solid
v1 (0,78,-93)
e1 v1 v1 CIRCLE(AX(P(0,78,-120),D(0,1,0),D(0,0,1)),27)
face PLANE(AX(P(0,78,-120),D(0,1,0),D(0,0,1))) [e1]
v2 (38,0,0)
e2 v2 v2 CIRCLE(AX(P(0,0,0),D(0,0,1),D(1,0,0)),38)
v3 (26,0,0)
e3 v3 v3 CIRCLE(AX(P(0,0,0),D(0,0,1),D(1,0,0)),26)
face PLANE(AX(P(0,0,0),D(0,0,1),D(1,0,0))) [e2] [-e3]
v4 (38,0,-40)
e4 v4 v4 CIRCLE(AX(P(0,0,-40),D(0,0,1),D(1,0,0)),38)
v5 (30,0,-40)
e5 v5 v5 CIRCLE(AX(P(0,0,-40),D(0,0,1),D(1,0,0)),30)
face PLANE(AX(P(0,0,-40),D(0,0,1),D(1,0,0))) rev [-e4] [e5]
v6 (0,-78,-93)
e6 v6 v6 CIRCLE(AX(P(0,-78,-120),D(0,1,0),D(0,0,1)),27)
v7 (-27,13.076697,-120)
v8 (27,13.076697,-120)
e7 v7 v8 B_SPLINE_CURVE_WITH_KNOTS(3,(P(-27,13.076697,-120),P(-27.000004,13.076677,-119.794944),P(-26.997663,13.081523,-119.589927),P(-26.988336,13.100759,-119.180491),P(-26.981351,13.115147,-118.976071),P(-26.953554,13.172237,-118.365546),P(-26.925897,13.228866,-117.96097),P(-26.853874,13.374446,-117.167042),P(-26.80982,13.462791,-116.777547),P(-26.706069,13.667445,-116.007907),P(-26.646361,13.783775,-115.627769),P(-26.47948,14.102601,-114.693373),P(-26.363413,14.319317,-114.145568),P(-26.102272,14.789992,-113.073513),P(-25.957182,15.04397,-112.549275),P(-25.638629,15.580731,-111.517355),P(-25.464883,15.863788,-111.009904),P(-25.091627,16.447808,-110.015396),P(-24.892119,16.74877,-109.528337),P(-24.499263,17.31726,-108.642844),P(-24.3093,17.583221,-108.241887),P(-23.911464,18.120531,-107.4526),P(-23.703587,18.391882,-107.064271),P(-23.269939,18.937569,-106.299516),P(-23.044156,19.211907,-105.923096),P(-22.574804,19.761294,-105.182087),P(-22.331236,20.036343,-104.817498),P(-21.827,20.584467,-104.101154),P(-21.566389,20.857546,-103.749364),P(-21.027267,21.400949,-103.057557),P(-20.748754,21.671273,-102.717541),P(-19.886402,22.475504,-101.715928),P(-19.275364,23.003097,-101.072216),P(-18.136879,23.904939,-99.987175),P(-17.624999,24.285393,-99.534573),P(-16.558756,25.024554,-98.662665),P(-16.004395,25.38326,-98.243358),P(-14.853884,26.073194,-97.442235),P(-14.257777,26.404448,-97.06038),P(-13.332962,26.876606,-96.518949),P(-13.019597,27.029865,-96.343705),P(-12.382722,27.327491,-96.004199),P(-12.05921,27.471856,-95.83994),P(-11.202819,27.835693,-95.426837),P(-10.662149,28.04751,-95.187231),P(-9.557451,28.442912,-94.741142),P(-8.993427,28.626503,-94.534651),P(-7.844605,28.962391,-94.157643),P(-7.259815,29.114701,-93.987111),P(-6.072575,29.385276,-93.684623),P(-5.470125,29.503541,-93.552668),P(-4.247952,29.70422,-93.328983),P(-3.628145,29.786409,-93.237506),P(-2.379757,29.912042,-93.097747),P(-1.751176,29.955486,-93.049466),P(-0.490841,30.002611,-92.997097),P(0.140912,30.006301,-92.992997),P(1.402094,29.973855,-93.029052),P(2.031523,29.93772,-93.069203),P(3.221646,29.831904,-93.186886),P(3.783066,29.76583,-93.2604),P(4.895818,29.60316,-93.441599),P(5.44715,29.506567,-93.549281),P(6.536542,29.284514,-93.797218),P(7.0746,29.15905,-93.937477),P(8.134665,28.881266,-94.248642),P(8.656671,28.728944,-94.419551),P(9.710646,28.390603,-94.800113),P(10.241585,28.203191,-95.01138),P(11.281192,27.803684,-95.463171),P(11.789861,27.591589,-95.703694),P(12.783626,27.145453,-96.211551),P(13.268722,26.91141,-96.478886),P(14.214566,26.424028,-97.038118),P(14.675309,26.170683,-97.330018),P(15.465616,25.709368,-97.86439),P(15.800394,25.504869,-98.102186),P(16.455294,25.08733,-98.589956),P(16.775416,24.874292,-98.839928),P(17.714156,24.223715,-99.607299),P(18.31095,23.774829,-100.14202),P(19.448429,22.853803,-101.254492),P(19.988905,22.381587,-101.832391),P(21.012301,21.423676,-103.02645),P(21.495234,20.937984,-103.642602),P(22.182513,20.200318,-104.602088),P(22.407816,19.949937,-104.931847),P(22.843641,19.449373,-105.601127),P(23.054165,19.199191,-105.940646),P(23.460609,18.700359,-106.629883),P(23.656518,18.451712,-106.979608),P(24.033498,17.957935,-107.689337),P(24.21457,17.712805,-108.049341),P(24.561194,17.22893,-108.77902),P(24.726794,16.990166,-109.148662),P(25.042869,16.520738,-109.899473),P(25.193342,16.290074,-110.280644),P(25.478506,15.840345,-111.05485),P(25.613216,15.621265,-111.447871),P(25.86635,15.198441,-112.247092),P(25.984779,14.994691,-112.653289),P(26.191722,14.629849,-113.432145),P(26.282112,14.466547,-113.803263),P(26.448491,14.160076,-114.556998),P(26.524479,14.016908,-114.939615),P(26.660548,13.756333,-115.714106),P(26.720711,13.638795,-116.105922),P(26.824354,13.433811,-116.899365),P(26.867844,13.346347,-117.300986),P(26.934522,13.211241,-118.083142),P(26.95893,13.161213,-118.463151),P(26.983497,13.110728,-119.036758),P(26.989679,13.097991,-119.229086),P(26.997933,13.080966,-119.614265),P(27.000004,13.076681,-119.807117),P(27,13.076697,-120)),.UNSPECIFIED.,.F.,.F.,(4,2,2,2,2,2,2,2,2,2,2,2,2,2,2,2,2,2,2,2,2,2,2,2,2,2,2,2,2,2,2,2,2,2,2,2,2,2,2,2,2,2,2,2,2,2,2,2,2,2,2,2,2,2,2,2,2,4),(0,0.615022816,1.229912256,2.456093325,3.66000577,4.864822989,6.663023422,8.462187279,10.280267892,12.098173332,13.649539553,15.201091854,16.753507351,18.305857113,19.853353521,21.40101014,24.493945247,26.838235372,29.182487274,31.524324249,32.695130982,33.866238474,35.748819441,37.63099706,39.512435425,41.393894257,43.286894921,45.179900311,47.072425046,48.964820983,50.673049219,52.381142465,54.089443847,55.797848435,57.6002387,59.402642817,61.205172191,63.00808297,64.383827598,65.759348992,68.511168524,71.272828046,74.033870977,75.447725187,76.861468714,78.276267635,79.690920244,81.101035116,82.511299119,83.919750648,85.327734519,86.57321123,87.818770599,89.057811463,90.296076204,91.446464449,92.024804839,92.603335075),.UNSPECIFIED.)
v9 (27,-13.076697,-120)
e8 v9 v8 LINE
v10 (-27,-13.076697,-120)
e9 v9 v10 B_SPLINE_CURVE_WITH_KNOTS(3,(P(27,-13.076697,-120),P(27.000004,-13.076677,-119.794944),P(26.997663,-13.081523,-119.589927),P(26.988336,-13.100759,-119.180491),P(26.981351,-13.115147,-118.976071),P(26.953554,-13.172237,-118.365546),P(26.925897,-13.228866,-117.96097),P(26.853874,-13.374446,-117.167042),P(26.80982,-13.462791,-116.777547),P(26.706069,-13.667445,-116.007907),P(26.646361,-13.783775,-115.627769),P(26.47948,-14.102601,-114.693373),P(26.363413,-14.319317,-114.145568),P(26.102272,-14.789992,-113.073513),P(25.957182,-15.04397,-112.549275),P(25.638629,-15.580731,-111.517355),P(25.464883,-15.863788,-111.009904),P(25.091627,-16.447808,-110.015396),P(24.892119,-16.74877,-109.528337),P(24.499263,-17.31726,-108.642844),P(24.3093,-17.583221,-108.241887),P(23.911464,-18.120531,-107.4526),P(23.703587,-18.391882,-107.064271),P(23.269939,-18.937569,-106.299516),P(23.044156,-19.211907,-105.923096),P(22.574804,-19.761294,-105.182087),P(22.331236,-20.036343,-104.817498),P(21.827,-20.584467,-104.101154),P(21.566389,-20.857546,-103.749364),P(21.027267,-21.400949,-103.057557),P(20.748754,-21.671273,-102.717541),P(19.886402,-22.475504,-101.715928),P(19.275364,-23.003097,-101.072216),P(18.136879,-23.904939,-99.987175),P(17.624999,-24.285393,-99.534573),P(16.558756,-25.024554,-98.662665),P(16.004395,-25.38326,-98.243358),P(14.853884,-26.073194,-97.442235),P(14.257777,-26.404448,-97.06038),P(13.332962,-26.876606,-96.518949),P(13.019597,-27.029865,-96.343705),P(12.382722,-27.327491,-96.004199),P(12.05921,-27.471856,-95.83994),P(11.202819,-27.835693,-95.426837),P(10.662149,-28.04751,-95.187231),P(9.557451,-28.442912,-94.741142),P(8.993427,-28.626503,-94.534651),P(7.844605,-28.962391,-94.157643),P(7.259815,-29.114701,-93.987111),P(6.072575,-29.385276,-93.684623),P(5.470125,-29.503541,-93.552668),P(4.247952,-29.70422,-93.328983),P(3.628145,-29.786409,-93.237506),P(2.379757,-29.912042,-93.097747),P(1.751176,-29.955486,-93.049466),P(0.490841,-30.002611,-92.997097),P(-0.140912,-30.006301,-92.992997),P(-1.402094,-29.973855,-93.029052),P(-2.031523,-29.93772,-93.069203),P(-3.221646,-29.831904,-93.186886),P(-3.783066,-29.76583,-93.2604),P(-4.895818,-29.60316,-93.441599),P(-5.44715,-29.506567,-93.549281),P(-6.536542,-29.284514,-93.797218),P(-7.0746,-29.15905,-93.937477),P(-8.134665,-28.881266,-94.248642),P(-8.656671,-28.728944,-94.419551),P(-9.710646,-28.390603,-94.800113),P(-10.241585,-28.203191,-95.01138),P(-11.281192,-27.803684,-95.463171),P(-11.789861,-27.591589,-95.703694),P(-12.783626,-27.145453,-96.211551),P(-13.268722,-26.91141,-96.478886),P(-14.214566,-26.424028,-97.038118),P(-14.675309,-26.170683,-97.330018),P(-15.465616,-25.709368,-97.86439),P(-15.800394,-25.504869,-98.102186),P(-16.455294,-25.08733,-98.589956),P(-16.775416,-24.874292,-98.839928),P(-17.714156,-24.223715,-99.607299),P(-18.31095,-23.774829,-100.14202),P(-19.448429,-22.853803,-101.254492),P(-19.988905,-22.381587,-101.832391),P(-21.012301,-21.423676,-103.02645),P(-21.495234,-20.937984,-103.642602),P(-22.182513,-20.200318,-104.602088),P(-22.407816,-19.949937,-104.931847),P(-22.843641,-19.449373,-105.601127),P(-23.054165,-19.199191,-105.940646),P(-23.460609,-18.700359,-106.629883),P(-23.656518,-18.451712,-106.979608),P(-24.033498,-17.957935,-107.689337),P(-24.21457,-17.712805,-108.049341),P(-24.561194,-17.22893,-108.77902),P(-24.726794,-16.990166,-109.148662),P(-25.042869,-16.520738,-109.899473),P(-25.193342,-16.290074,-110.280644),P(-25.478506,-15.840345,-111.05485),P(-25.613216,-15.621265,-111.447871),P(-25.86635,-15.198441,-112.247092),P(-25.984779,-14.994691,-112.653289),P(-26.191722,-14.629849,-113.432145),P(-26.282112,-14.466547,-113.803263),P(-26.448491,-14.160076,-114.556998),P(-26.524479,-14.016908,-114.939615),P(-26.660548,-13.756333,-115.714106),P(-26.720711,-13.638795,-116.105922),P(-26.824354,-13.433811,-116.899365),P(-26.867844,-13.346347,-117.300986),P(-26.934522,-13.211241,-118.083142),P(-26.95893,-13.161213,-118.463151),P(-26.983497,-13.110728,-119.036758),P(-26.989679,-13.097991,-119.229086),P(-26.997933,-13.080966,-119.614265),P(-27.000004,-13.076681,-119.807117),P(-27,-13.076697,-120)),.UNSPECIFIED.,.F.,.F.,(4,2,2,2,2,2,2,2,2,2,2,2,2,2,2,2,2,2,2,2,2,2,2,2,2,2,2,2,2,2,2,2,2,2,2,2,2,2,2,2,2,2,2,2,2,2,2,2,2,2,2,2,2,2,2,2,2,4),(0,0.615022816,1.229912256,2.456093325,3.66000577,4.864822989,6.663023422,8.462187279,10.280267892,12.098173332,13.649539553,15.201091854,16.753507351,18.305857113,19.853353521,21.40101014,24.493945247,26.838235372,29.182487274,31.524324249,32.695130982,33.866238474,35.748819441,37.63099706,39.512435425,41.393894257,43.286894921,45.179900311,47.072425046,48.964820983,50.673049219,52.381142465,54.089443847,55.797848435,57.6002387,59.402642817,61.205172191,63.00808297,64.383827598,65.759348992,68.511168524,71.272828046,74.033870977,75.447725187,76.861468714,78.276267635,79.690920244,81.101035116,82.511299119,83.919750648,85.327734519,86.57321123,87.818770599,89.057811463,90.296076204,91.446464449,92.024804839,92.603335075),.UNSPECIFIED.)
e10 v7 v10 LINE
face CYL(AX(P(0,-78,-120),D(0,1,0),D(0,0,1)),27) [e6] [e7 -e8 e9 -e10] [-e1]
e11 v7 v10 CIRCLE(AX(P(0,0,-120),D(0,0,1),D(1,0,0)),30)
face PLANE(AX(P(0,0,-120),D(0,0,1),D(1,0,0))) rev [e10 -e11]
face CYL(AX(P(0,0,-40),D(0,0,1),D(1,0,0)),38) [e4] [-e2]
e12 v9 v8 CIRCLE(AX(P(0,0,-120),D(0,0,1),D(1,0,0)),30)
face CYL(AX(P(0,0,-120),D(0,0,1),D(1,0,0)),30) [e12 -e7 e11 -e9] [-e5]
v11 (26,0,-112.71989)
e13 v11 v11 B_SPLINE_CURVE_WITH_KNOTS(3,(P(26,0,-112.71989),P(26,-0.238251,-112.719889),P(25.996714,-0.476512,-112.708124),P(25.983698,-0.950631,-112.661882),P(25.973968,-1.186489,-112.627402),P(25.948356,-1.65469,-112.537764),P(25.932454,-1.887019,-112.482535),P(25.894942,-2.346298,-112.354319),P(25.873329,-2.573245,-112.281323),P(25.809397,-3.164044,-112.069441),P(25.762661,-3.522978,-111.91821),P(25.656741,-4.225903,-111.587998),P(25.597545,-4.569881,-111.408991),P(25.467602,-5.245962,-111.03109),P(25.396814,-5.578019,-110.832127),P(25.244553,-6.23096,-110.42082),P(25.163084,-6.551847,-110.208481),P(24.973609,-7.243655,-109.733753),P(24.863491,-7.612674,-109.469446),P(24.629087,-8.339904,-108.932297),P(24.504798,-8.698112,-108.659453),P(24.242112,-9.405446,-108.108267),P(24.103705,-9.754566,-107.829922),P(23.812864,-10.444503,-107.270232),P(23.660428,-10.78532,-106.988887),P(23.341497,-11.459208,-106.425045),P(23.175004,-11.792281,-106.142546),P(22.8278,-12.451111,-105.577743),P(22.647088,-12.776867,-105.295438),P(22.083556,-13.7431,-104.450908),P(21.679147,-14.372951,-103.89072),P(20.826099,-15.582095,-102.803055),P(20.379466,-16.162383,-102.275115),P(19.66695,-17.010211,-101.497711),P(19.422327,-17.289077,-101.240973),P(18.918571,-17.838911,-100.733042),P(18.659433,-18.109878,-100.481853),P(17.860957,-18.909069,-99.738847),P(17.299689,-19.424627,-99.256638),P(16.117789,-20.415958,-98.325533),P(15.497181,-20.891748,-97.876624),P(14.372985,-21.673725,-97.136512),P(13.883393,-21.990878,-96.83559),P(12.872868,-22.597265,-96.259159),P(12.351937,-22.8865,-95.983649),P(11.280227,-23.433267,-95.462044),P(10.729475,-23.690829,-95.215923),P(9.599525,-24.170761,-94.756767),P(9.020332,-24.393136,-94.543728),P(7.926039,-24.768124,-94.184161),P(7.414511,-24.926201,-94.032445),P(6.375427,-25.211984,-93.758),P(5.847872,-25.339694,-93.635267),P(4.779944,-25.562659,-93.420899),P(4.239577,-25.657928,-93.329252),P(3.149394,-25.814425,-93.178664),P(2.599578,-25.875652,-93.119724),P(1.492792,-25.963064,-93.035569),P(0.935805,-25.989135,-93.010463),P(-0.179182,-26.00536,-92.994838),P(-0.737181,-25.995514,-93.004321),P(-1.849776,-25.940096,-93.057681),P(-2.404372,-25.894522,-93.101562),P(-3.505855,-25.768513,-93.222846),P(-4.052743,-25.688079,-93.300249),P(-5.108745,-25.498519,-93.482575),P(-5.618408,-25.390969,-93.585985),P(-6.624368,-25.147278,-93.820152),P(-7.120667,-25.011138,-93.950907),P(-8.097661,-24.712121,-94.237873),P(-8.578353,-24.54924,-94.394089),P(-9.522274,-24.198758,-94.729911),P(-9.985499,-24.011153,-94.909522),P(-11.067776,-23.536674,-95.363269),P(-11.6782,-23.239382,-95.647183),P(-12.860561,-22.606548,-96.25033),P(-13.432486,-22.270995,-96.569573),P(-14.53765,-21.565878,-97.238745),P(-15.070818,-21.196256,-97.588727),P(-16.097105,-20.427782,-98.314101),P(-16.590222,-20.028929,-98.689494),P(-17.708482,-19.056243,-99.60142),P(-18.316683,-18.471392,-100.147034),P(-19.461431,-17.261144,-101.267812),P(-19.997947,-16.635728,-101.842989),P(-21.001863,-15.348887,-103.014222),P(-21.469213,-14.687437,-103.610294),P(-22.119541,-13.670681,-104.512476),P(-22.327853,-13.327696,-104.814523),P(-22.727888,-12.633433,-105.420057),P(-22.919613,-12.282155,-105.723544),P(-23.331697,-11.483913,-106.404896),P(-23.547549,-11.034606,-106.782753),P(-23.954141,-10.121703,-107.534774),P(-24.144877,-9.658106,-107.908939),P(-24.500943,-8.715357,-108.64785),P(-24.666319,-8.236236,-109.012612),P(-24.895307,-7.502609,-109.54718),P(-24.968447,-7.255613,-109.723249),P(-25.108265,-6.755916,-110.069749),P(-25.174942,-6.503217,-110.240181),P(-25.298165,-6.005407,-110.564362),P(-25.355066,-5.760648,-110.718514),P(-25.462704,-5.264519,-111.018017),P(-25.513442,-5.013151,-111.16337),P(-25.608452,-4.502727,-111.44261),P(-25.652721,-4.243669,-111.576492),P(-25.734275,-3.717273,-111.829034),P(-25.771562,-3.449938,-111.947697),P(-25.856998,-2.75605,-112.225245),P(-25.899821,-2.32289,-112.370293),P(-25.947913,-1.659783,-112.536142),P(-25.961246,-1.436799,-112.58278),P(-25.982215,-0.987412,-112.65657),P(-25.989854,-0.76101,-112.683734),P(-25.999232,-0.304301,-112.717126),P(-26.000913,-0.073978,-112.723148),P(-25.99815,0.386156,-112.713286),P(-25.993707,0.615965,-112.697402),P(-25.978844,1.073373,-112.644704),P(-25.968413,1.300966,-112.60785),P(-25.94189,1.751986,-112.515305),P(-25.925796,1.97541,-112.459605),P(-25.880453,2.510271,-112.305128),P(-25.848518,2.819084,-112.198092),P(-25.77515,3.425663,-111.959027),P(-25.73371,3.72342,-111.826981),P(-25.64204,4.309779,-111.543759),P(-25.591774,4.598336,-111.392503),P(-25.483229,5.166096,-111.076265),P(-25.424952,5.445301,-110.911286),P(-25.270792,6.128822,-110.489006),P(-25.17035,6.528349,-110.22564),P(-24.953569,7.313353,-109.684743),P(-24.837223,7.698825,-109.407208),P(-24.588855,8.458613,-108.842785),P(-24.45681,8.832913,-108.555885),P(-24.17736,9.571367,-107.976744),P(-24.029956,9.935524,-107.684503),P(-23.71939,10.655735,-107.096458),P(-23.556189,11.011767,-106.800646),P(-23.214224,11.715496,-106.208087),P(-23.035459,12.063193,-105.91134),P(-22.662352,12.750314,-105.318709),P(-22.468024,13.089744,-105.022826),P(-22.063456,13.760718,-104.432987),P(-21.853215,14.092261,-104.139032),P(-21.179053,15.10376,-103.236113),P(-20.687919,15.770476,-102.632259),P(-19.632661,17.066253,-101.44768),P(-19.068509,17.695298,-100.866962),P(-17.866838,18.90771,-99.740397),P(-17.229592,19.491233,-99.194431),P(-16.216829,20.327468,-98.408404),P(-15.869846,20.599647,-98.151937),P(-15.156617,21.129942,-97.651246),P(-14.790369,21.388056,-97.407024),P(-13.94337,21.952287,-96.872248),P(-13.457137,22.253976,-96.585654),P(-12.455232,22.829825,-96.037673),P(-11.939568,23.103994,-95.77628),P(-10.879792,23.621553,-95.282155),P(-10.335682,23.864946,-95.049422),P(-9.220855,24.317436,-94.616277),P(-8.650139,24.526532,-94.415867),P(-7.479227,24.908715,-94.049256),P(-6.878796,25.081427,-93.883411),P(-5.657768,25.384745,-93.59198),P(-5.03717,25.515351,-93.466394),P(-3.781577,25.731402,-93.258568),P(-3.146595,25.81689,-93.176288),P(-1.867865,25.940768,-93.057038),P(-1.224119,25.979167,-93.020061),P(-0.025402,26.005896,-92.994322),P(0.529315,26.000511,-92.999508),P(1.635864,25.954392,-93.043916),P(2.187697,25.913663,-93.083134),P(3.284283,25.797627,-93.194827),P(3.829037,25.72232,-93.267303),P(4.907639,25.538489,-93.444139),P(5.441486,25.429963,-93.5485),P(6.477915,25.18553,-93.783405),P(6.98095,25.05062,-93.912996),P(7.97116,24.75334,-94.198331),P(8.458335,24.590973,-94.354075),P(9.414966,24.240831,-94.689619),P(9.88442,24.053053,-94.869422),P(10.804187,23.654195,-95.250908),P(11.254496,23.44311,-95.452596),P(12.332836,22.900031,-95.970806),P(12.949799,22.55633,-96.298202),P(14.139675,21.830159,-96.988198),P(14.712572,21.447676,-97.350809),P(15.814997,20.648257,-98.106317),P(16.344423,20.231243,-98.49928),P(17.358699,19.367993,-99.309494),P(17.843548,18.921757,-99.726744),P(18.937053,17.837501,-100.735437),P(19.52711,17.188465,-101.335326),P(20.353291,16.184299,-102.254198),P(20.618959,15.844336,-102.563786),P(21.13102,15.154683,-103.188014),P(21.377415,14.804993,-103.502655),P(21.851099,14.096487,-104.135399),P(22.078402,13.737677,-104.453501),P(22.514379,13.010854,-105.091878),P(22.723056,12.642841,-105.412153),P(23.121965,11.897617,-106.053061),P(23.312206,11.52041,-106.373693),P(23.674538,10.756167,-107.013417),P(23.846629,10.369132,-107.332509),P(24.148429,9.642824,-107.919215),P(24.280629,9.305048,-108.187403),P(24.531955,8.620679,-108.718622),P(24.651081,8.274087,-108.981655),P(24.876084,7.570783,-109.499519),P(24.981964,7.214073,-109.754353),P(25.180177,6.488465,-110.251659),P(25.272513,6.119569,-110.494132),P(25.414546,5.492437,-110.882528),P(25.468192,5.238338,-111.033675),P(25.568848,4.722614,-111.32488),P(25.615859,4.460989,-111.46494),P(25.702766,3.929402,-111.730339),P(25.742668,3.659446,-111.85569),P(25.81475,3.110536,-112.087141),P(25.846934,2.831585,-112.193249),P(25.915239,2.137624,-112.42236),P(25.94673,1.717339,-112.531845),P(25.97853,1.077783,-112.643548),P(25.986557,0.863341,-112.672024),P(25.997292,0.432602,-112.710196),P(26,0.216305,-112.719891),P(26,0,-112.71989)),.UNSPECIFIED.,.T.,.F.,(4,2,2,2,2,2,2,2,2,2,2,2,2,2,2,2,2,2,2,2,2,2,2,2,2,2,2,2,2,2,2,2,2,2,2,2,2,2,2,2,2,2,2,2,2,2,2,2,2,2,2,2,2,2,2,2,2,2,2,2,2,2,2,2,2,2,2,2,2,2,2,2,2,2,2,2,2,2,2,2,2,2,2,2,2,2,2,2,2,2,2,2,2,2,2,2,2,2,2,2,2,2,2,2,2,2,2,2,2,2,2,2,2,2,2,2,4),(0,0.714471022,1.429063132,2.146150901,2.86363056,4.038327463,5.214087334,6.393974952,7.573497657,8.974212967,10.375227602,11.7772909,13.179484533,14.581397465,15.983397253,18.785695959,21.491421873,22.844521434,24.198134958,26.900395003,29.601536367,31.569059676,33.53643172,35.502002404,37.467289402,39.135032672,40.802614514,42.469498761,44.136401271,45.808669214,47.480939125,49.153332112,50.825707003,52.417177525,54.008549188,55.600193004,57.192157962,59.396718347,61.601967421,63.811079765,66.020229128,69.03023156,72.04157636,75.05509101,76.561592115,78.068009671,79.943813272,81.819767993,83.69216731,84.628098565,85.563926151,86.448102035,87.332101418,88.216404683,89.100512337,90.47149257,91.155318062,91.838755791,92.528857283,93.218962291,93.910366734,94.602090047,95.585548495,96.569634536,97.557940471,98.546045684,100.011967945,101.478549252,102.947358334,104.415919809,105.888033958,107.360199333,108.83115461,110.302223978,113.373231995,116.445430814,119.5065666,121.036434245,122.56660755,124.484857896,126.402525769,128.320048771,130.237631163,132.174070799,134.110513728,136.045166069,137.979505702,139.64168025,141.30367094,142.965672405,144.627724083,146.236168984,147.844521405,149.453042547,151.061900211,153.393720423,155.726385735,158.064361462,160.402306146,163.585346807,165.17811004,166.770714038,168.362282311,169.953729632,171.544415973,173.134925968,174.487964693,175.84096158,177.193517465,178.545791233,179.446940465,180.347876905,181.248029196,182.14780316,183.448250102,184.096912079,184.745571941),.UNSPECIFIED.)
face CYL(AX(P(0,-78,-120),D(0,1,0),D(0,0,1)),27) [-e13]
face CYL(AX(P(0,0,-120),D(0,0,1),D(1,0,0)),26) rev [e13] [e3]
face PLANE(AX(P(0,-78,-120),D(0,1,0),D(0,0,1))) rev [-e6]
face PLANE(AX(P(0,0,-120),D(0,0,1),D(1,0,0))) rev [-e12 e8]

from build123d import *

# Parameters (mm, degrees)
SKETCH_1_R           = 30
SKETCH_1_R_2         = 26
EXTRUDE_1_DEPTH      = 120
SKETCH_2_R           = 38
SKETCH_2_R_2         = 30
EXTRUDE_2_DEPTH      = 40
EXTRUDE_3_DEPTH      = 78
EXTRUDE_3_DEPTH_BACK = 78
SKETCH_3_R           = 27


with BuildPart() as part:
    # 草图1 → 凸台-拉伸1 (new body)
    with BuildSketch(Plane.XY):
        Circle(SKETCH_1_R)
        Circle(SKETCH_1_R_2, mode=Mode.SUBTRACT)
    extrude(amount=-EXTRUDE_1_DEPTH)

    # 草图2 → 凸台-拉伸2 (add)
    with BuildSketch(Plane.XY):
        Circle(SKETCH_2_R)
        Circle(SKETCH_2_R_2, mode=Mode.SUBTRACT)
    extrude(amount=-EXTRUDE_2_DEPTH)

    # 草图3 → 凸台-拉伸3 (add, two sides: drawn at the far end of the back side and taken through both)
    with BuildSketch(Plane(origin=(0, 0, 0), x_dir=(1, 0, 0), z_dir=(0, 1, 0)).offset(-EXTRUDE_3_DEPTH_BACK)):
        with Locations((0, 120)):
            Circle(SKETCH_3_R)
    extrude(amount=EXTRUDE_3_DEPTH + EXTRUDE_3_DEPTH_BACK)


solid = part.part
